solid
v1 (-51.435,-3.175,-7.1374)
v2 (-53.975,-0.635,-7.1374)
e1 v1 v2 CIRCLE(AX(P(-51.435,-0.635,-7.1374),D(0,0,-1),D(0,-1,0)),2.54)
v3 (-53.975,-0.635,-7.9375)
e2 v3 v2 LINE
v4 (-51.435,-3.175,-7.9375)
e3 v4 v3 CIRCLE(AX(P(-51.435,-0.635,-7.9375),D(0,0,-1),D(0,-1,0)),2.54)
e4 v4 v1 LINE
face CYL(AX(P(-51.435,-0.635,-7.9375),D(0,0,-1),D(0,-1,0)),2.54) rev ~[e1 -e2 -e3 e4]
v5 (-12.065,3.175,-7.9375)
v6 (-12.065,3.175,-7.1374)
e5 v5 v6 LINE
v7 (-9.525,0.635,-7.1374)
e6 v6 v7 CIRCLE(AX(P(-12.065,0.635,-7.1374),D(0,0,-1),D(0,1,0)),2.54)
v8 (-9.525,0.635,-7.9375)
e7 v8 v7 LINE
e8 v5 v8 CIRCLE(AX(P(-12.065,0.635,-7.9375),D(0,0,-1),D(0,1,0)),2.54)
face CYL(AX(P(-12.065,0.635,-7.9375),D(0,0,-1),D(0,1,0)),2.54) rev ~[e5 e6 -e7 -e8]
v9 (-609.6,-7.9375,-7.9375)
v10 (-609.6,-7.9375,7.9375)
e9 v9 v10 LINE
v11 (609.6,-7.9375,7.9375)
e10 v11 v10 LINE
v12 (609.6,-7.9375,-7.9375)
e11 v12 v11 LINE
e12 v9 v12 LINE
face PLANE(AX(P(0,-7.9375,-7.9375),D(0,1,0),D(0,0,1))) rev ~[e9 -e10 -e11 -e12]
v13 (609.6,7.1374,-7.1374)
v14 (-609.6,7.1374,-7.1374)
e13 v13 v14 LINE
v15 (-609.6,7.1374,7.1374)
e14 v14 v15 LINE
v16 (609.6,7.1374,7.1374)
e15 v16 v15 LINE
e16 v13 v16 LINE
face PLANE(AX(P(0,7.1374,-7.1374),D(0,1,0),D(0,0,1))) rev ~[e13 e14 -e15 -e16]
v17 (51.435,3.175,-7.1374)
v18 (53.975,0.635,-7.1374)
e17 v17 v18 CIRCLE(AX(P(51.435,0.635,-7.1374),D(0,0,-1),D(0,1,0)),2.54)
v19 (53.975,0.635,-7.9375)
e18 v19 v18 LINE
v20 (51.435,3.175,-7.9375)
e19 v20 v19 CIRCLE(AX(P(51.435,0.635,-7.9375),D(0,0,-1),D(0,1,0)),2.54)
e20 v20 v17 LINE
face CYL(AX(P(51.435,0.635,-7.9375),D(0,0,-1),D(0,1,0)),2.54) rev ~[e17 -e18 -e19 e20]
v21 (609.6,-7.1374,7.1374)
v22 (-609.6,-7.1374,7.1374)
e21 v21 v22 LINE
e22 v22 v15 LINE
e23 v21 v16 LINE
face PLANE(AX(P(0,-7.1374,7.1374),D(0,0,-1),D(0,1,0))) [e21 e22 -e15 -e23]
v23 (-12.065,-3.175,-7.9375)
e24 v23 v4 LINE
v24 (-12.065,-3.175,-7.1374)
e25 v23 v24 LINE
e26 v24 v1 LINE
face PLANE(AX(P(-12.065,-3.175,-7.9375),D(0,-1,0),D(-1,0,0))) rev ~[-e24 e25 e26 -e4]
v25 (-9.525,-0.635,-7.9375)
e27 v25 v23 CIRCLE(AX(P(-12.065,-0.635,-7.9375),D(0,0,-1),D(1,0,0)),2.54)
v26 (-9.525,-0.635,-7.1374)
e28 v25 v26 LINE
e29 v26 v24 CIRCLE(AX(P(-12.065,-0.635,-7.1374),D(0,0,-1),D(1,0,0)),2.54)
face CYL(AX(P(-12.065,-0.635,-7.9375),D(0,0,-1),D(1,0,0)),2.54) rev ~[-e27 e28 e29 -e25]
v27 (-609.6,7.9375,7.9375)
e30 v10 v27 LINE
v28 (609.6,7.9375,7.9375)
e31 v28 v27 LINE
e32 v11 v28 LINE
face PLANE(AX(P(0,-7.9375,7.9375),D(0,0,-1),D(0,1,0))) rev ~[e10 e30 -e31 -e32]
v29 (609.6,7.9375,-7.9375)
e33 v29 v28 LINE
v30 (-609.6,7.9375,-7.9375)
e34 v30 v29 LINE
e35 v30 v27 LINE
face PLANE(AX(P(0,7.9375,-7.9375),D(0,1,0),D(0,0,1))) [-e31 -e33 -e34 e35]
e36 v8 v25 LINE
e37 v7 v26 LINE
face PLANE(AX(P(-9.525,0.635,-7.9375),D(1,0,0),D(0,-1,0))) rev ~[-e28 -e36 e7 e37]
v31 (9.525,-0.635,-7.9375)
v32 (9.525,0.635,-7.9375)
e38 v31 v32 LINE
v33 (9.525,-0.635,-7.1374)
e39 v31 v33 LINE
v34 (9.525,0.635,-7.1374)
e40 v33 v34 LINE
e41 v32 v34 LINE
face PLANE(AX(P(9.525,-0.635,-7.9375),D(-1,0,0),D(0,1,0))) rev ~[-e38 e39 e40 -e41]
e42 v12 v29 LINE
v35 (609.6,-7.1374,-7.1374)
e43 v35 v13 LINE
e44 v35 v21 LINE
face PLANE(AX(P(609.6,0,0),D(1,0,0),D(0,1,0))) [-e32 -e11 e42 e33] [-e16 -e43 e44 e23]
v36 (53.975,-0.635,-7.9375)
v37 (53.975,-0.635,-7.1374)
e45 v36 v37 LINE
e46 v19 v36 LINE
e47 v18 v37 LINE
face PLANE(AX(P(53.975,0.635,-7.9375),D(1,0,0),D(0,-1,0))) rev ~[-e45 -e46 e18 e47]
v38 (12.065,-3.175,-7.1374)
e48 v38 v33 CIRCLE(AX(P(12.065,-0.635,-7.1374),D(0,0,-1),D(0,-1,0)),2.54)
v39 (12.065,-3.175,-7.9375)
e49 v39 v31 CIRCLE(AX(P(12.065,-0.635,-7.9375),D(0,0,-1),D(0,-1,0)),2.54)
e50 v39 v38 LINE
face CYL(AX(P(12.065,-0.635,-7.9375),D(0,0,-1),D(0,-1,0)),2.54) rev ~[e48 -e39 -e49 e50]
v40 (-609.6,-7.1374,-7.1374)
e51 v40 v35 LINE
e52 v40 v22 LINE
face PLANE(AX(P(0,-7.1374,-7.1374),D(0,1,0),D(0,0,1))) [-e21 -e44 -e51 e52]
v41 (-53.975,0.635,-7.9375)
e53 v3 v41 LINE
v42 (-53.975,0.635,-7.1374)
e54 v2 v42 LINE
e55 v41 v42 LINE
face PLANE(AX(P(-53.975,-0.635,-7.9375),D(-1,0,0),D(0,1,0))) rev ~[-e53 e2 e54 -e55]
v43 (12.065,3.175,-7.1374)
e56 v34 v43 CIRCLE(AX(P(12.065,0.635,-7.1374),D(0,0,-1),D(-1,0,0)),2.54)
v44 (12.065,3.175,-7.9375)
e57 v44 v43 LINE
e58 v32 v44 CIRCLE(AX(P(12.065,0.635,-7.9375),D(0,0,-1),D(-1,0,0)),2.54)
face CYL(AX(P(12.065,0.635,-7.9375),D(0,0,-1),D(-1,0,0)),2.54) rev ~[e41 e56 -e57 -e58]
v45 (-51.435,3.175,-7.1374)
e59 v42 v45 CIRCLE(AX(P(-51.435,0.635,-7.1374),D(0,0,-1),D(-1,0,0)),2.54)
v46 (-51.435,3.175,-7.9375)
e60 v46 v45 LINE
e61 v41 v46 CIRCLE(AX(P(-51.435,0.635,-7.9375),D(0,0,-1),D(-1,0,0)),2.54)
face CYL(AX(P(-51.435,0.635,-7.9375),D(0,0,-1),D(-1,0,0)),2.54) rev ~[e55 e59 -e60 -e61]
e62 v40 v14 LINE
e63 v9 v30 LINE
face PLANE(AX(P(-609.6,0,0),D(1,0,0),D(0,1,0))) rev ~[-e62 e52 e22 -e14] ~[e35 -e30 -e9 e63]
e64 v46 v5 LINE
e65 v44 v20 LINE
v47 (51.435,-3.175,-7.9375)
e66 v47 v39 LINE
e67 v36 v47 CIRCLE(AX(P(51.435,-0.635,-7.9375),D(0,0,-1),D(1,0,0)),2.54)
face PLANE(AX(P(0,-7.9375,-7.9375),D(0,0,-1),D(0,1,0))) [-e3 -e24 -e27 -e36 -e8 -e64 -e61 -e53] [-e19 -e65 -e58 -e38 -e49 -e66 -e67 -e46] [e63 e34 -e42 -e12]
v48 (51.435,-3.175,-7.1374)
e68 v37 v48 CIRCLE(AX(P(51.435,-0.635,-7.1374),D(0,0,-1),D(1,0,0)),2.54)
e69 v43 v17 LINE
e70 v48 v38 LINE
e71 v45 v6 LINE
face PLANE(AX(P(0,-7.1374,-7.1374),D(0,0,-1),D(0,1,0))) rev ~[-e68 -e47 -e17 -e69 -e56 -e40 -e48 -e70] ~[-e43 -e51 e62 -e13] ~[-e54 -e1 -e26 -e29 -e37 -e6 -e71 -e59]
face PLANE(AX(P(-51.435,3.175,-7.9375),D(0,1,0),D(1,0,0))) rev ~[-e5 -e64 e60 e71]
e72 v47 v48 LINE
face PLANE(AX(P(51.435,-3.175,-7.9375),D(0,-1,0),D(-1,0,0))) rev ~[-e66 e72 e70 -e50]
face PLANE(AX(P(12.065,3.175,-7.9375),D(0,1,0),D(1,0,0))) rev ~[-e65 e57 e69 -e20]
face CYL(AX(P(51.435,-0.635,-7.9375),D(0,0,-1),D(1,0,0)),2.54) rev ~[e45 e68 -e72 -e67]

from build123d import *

# Parameters (mm, degrees)
F0_W     = 15.875
F0_H     = 15.875
F0_W_2   = 14.2748
F0_H_2   = 14.2748
F1_DEPTH = 609.6
F3_DEPTH = 5.08


with BuildPart() as f1:
    # F0 (on Right) → F1 (new body, symmetric)
    with BuildSketch(Plane.YZ):
        Rectangle(F0_W, F0_H)
        Rectangle(F0_W_2, F0_H_2, mode=Mode.SUBTRACT)
    extrude(amount=F1_DEPTH, both=True)

    # F2 (on face) → F3 (cut)
    with BuildSketch(Plane(origin=(0, 0, -7.9375), x_dir=(1, 0, 0), z_dir=(0, 0, -1))):
        with BuildLine():
            ThreePointArc((-53.975, -0.635), (-53.2310512242, -2.4310512242), (-51.435, -3.175))
            Line((-51.435, -3.175), (-12.065, -3.175))
            ThreePointArc((-12.065, -3.175), (-10.2689487758, -2.4310512242), (-9.525, -0.635))
            Line((-9.525, -0.635), (-9.525, 0.635))
            ThreePointArc((-9.525, 0.635), (-10.2689487758, 2.4310512242), (-12.065, 3.175))
            Line((-12.065, 3.175), (-51.435, 3.175))
            ThreePointArc((-51.435, 3.175), (-53.2310512242, 2.4310512242), (-53.975, 0.635))
            Line((-53.975, 0.635), (-53.975, -0.635))
        make_face()
        with BuildLine():
            ThreePointArc((53.975, 0.635), (53.2310512242, 2.4310512242), (51.435, 3.175))
            Line((51.435, 3.175), (12.065, 3.175))
            ThreePointArc((12.065, 3.175), (10.2689487758, 2.4310512242), (9.525, 0.635))
            Line((9.525, 0.635), (9.525, -0.635))
            ThreePointArc((9.525, -0.635), (10.2689487758, -2.4310512242), (12.065, -3.175))
            Line((12.065, -3.175), (51.435, -3.175))
            ThreePointArc((51.435, -3.175), (53.2310512242, -2.4310512242), (53.975, -0.635))
            Line((53.975, -0.635), (53.975, 0.635))
        make_face()
    extrude(amount=-F3_DEPTH, mode=Mode.SUBTRACT)


solid = f1.part
